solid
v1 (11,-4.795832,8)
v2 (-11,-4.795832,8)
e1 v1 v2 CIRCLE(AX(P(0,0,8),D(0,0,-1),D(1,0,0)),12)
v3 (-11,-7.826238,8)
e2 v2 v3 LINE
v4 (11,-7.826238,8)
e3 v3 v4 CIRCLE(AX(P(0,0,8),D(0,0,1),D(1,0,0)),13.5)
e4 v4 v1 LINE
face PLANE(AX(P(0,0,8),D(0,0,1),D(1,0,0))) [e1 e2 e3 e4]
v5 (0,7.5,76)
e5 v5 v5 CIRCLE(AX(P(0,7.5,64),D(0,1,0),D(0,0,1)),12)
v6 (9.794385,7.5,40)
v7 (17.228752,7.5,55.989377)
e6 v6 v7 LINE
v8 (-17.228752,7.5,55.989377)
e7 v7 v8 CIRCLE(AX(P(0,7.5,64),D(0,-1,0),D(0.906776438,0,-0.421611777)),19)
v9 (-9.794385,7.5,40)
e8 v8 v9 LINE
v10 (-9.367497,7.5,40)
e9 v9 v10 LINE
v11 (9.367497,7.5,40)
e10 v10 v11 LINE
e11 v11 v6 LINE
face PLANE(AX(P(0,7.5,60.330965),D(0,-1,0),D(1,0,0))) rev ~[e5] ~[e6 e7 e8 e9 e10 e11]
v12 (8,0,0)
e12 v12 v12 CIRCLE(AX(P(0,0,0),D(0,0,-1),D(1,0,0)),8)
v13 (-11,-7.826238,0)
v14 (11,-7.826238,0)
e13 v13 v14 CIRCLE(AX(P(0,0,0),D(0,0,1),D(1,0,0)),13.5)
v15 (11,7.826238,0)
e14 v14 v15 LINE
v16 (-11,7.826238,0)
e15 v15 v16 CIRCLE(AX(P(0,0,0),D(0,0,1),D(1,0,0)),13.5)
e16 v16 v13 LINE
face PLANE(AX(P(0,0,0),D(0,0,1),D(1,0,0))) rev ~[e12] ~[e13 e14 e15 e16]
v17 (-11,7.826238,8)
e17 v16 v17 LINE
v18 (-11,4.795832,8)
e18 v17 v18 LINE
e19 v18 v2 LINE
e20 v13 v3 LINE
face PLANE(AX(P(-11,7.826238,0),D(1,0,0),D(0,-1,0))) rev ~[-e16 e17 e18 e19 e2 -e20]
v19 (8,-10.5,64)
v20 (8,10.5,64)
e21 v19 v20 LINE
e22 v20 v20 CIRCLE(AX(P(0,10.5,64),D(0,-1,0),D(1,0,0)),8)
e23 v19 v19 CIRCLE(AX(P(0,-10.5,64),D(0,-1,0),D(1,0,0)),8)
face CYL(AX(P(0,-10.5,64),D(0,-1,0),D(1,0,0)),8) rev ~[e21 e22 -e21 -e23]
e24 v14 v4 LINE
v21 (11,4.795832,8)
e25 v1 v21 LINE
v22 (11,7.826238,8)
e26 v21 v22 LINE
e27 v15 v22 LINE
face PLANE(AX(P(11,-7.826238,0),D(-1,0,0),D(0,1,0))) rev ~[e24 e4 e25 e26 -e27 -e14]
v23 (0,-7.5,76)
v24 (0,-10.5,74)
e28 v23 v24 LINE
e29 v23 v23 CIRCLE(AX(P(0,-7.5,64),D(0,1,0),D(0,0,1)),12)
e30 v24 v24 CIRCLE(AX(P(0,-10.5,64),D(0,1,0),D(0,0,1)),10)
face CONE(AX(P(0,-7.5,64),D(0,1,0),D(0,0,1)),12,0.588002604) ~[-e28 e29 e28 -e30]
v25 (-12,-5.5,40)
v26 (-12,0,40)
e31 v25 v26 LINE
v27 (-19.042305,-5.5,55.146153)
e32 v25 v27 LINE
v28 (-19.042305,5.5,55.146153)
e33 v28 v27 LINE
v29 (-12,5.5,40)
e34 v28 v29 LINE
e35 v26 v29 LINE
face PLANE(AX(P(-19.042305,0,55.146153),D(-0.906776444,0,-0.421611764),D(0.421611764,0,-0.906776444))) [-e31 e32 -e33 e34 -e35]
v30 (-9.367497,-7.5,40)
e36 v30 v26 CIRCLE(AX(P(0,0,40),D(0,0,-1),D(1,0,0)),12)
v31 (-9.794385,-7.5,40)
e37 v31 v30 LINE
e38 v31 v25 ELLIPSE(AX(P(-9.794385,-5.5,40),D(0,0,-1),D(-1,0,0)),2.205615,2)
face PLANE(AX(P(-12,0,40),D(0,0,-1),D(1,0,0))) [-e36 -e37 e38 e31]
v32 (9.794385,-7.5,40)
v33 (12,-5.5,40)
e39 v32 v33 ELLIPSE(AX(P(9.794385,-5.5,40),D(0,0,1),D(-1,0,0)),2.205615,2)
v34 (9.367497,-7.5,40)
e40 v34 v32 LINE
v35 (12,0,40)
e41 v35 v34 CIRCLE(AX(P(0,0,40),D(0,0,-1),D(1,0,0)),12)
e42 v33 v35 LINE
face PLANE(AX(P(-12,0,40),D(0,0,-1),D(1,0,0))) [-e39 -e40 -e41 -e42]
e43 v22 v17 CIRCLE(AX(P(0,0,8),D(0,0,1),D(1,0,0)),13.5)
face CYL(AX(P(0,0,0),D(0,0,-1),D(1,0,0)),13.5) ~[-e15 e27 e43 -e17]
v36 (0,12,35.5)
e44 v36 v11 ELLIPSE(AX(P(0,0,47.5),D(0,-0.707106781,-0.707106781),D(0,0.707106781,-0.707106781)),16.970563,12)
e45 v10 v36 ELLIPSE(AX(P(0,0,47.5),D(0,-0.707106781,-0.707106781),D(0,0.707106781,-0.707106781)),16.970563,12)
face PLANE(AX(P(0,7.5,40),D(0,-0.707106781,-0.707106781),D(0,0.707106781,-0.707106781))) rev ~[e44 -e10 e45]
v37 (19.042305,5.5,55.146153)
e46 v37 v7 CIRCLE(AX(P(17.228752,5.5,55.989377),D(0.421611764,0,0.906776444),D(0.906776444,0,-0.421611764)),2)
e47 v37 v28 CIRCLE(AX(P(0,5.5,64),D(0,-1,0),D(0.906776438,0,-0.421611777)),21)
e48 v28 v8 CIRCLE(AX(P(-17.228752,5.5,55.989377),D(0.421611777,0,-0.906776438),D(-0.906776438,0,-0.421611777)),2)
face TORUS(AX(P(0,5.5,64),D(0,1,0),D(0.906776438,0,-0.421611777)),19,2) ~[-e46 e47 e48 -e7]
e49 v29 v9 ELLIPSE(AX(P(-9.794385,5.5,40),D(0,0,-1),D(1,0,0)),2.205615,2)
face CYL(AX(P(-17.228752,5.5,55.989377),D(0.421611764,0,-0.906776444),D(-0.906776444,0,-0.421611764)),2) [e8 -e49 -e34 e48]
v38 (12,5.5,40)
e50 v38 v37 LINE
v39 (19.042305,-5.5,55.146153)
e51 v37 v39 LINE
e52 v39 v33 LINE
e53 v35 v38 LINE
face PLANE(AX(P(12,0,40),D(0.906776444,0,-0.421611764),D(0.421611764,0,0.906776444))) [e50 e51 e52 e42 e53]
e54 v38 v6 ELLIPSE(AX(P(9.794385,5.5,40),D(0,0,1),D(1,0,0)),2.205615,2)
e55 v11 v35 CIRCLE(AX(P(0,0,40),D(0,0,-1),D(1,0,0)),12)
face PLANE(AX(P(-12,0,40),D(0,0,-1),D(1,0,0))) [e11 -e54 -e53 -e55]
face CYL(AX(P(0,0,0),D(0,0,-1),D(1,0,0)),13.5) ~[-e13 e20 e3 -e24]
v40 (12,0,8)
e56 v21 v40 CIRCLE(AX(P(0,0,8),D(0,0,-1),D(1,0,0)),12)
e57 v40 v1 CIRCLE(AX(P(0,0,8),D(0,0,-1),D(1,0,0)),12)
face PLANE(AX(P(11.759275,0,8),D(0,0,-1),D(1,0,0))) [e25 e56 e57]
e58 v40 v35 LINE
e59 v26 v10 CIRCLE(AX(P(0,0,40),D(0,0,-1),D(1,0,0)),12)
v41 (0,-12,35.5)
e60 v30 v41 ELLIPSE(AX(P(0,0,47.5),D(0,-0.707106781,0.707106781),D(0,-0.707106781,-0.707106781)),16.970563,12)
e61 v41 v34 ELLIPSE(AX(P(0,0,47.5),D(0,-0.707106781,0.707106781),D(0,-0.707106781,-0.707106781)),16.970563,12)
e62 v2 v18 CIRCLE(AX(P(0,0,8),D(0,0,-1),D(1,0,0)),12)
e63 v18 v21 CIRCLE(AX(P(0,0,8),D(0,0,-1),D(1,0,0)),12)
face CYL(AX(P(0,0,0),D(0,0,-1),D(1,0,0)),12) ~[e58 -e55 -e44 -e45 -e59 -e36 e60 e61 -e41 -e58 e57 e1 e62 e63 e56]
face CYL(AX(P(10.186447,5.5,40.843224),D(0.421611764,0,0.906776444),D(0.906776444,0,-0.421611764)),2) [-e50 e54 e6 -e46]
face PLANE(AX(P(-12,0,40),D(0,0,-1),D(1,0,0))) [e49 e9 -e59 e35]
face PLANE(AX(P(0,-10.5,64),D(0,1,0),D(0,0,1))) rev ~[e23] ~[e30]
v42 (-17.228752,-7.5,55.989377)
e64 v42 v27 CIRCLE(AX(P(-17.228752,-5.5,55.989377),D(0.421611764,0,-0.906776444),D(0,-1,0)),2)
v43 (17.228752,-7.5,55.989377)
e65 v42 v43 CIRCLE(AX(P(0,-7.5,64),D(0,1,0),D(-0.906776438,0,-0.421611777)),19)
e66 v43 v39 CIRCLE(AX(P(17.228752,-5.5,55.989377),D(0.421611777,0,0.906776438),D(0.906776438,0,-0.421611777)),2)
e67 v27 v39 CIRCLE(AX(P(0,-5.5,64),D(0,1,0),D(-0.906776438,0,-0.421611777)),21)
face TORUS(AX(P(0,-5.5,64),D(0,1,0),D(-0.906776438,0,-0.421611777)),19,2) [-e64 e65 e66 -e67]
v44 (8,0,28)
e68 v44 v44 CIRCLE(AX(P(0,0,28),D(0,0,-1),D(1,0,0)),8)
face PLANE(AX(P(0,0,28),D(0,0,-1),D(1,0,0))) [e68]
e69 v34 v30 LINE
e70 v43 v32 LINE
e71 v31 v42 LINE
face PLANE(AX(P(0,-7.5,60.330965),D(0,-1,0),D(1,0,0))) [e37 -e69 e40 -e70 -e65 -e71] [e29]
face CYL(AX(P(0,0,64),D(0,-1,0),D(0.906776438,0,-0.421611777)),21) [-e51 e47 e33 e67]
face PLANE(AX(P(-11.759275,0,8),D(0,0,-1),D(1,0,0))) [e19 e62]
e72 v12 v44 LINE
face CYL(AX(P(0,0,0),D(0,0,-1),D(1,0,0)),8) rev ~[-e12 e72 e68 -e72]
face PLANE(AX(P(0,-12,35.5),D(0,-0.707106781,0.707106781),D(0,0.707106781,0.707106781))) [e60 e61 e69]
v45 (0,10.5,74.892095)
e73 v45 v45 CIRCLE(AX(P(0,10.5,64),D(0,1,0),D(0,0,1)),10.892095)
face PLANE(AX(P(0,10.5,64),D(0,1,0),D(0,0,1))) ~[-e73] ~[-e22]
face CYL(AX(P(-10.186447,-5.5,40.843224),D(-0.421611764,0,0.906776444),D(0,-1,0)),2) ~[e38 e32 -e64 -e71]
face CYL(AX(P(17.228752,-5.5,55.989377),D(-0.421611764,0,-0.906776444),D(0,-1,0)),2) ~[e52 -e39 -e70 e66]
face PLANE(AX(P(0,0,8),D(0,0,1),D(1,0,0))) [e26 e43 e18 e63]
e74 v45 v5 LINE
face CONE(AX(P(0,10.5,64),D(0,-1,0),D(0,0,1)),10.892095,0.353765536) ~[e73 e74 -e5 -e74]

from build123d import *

# Parameters (mm, degrees)
F0_R      = 12
F1_DEPTH  = 64
F2_R      = 13.5
F3_DEPTH  = 8
F5_DEPTH  = 7.5
F7_DEPTH  = 12.5
F10_R     = 8
F11_DEPTH = 24.001
F12_R     = 2
F13_R     = 8
F14_DEPTH = 28
F16_DEPTH = 8


with BuildPart() as f1:
    # F0 (on Top) → F1 (new body)
    with BuildSketch(Plane.XY):
        Circle(F0_R)
    extrude(amount=F1_DEPTH)

    # F2 (on Top) → F3 (join)
    with BuildSketch(Plane.XY):
        Circle(F2_R)
    extrude(amount=F3_DEPTH)

    # F4 (on Front) → F5 (join, symmetric)
    with BuildSketch(Plane.XZ):
        with BuildLine():
            Line((12, 40), (19.042305, 55.146153))
            ThreePointArc((19.042305, 55.146153), (0, 85), (-19.042305, 55.146153))
            Line((-19.042305, 55.146153), (-12, 40))
            Line((-12, 40), (12, 40))
        make_face()
    extrude(amount=F5_DEPTH, both=True)

    # F6 (on Right) → F7 (cut, symmetric)
    with BuildSketch(Plane.YZ):
        Polygon((-7.5, 40), (-7.5, 64), (-12, 64), (-12, 35.5), align=None)
        Polygon((12, 64), (7.5, 64), (7.5, 40), (12, 35.5), align=None)
    extrude(amount=F7_DEPTH, both=True, mode=Mode.SUBTRACT)

    # F8 (on Right) → F9 (revolve)
    with BuildSketch(Plane.YZ):
        Polygon((-10.5, 74), (-10.5, 64), (10.5, 64), (10.5, 74.892095), (7.5, 76), (-7.5, 76), align=None)
    revolve(axis=Axis((0, 1.309478, 64), (0, 1, 0)))

    # F10 (on face) → F11 (cut, through all)
    with BuildSketch(Plane.XZ.offset(10.5)):
        with Locations((0, 64)):
            Circle(F10_R)
    extrude(amount=-F11_DEPTH, mode=Mode.SUBTRACT)

    # F12
    f12_edges = [f1.edges().sort_by_distance(p)[0] for p in [
        (15.521153, -7.5, 47.573076),
        (15.521153, 7.5, 47.573076),
    ]]
    fillet(f12_edges, radius=F12_R)

    # F13 (on face) → F14 (cut)
    with BuildSketch(Plane(origin=(0, 0, 0), x_dir=(1, 0, 0), z_dir=(0, 0, -1))):
        Circle(F13_R)
    extrude(amount=-F14_DEPTH, mode=Mode.SUBTRACT)

    # F15 (on face) → F16 (cut, through all)
    with BuildSketch(Plane(origin=(0, 0, 0), x_dir=(1, 0, 0), z_dir=(0, 0, -1))):
        with BuildLine():
            Line((-11, -7.826238), (-11, 7.826238))
            ThreePointArc((-11, 7.826238), (-13.5, 0), (-11, -7.826238))
        make_face()
        with BuildLine():
            Line((11, 7.826238), (11, -7.826238))
            ThreePointArc((11, -7.826238), (13.5, 0), (11, 7.826238))
        make_face()
    extrude(amount=-F16_DEPTH, mode=Mode.SUBTRACT)


solid = f1.part
